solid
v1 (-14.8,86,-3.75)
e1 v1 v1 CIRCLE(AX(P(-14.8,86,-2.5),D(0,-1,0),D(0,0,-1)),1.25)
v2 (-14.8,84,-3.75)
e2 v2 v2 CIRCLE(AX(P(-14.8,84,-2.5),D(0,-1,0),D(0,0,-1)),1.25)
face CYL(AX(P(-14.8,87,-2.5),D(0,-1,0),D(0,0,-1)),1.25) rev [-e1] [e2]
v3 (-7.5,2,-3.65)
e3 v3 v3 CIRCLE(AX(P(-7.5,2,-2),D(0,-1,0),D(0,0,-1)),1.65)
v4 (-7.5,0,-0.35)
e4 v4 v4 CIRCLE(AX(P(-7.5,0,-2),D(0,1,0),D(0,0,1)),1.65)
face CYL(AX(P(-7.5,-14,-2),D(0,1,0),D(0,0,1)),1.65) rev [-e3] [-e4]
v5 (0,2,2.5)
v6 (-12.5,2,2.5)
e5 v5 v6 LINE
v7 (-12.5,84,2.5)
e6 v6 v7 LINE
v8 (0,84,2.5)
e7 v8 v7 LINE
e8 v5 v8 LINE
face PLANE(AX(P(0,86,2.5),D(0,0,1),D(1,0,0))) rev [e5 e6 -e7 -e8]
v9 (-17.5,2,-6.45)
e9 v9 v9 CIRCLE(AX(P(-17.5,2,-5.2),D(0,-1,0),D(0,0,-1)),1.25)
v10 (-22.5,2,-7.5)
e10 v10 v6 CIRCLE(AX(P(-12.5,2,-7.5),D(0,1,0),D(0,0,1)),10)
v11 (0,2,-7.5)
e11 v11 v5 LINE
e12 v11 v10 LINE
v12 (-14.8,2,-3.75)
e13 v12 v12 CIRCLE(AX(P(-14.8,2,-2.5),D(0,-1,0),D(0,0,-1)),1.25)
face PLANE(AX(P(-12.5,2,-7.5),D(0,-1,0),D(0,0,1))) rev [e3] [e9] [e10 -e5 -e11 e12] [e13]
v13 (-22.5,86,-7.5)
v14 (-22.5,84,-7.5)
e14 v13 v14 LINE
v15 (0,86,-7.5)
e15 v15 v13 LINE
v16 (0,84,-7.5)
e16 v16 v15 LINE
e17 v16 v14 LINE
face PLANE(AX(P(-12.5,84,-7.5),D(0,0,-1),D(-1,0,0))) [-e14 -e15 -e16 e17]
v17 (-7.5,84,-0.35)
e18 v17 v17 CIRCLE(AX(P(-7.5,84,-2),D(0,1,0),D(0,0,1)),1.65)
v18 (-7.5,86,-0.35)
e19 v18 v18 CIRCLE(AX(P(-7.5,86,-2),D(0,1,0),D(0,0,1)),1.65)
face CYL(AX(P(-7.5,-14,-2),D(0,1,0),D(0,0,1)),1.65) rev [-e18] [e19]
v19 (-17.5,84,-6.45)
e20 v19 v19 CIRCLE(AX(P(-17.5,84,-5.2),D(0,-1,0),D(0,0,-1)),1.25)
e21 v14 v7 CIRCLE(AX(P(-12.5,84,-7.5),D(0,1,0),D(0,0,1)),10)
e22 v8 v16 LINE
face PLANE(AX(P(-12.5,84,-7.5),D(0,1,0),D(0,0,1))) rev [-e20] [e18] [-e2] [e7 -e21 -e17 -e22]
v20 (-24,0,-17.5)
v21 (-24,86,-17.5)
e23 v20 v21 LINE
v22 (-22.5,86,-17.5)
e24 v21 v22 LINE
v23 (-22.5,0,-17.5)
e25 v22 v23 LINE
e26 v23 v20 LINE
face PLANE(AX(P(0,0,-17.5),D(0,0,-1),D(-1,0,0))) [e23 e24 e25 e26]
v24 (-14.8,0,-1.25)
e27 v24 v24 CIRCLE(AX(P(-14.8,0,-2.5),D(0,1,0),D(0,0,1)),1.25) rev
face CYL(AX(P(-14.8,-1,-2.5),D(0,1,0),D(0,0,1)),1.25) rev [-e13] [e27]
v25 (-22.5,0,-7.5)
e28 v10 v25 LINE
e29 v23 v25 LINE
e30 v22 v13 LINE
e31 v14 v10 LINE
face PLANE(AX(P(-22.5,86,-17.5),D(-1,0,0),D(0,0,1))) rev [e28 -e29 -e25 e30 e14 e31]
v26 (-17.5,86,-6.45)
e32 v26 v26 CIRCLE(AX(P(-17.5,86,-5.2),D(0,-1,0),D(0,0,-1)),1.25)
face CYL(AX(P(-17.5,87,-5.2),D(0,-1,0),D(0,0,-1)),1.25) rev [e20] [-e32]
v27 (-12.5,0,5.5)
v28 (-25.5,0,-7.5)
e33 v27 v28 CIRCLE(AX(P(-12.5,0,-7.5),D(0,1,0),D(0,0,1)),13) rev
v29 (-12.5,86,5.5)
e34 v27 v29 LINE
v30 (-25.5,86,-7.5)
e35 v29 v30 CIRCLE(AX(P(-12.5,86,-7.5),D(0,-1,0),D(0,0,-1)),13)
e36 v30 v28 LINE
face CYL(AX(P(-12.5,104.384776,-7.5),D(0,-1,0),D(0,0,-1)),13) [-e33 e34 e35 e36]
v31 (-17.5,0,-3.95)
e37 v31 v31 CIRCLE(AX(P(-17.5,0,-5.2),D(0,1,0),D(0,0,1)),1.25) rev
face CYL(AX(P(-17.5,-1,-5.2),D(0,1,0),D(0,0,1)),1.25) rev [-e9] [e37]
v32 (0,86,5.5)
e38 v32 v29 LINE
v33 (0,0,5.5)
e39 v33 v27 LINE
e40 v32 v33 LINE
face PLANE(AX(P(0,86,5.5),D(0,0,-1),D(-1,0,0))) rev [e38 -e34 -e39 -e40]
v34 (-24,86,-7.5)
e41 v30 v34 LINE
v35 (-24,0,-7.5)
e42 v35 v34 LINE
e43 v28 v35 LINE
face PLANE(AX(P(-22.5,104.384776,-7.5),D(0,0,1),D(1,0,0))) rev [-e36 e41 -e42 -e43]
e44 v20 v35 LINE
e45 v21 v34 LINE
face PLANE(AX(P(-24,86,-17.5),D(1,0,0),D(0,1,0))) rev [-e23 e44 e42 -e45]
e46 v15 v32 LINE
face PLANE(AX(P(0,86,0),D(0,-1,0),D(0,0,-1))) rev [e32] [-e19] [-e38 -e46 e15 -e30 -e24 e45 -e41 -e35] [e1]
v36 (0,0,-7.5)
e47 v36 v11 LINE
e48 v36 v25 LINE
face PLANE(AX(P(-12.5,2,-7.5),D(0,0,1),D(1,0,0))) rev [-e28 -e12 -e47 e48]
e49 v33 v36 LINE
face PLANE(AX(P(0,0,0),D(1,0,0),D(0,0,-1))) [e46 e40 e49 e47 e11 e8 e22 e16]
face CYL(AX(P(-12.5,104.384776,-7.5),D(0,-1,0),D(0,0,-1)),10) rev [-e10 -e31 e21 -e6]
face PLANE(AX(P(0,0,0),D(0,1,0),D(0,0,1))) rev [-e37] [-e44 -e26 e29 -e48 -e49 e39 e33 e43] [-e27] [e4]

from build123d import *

# Parameters (mm, degrees)
SKETCH_1_W                  = 30
SKETCH_1_H                  = 11
EXTRUDE_1_DEPTH             = 6
SKETCH_2_W                  = 16
SKETCH_2_H                  = 2
CUT_EXTRUDE_1_DEPTH         = 144
EXTRUDE_2_DEPTH             = 80
SKETCH_4_R                  = 1.75
CUT_EXTRUDE_2_DEPTH         = 144
SKETCH_5_W                  = 11
SKETCH_5_H                  = 86
CUT_EXTRUDE_3_DEPTH         = 2.5
EXTRUDE_3_REACH             = 83.58
EXTRUDE_3_DIRECTION_2_REACH = 83.58
SKETCH_7_W                  = 1.5
SKETCH_7_H                  = 86
EXTRUDE_4_DEPTH             = 10
CUT_EXTRUDE_4_DEPTH         = 40
EXTRUDE_5_DEPTH             = 2
SKETCH_10_R                 = 1.25
CUT_EXTRUDE_5_DEPTH         = 3
SKETCH_11_W                 = 3
SKETCH_11_H                 = 86
EXTRUDE_6_DEPTH             = 12.5
SKETCH_12_W                 = 10
SKETCH_12_H                 = 2
EXTRUDE_7_DEPTH             = 12.5
SKETCH_13_R                 = 1.65
CUT_EXTRUDE_6_DEPTH         = 100


with BuildPart() as part:
    # 草图1 → 凸台-拉伸1 (new body)
    with BuildSketch(Plane(origin=(0, 0, 0), x_dir=(1, 0, 0), z_dir=(0, 1, 0))):
        Rectangle(SKETCH_1_W, SKETCH_1_H)
    extrude(amount=EXTRUDE_1_DEPTH)

    # 草图2 → 切除-拉伸1 (cut)
    with BuildSketch(Plane.ZY.offset(15)):
        with Locations((-5.5, 3)):
            Rectangle(SKETCH_2_W, SKETCH_2_H)
    extrude(amount=-CUT_EXTRUDE_1_DEPTH, mode=Mode.SUBTRACT)

    # 草图3 → 凸台-拉伸2 (add)
    with BuildSketch(Plane(origin=(0, 6, 0), x_dir=(1, 0, 0), z_dir=(0, 1, 0))):
        Polygon((2, 5.5), (-2, 5.5), (-2, -3.5), (-15, -3.5), (-15, -5.5), (15, -5.5), (15, -3.5), (2, -3.5), align=None)
    extrude(amount=EXTRUDE_2_DEPTH)

    # 草图4 → 切除-拉伸2 (cut)
    with BuildSketch(Plane(origin=(0, 6, 0), x_dir=(1, 0, 0), z_dir=(0, 1, 0))):
        with Locations(Location((-7.5, 2, 0), (0, 0, 270))):
            Circle(SKETCH_4_R)
        with Locations(Location((7.5, 2, 0), (0, 0, 270))):
            Circle(SKETCH_4_R)
    extrude(amount=-CUT_EXTRUDE_2_DEPTH, mode=Mode.SUBTRACT)

    # 草图5 → 切除-拉伸3 (cut)
    with BuildSketch(Plane.ZY.offset(15)):
        with Locations((0, 43)):
            Rectangle(SKETCH_5_W, SKETCH_5_H)
    extrude(amount=-CUT_EXTRUDE_3_DEPTH, mode=Mode.SUBTRACT)

    # 凸台-拉伸3: up to this face of the body (flat: up to its plane)
    extrude_3_end = Plane(part.part.faces().sort_by_distance((0.755494505, 86, 2.324175824))[0])
    # 草图6 → 凸台-拉伸3 (add, up to the picked face)
    with BuildSketch(Plane(origin=(0, 6, 0), x_dir=(1, 0, 0), z_dir=(0, 1, 0)), mode=Mode.PRIVATE) as extrude_3_sk1:
        with BuildLine():
            Line((-22.5, 7.5), (-25.5, 7.5))
            ThreePointArc((-25.5, 7.5), (-21.692388155, -1.692388155), (-12.5, -5.5))
            Line((-12.5, -5.5), (-12.5, -2.5))
            ThreePointArc((-12.5, -2.5), (-19.571067812, 0.428932188), (-22.5, 7.5))
        make_face()
    extrude_3_tool1 = split(extrude(extrude_3_sk1.sketch, amount=EXTRUDE_3_REACH, mode=Mode.PRIVATE), bisect_by=extrude_3_end, keep=Keep.BOTH, mode=Mode.PRIVATE)
    add(extrude_3_tool1.solids().sort_by(Axis((-19.862646, 6, -0.137354), (0, 1, 0)))[0])

    # 凸台-拉伸3 direction 2: up to this face of the body (flat: up to its plane)
    extrude_3_direction_2_end = Plane(part.part.faces().sort_by_distance((1.334914955, 0, 0.135863928))[0])
    # 草图6 → 凸台-拉伸3 direction 2 (add, up to the picked face)
    with BuildSketch(Plane(origin=(0, 6, 0), x_dir=(1, 0, 0), z_dir=(0, 1, 0)), mode=Mode.PRIVATE) as extrude_3_direction_2_sk1:
        with BuildLine():
            Line((-22.5, 7.5), (-25.5, 7.5))
            ThreePointArc((-25.5, 7.5), (-21.692388155, -1.692388155), (-12.5, -5.5))
            Line((-12.5, -5.5), (-12.5, -2.5))
            ThreePointArc((-12.5, -2.5), (-19.571067812, 0.428932188), (-22.5, 7.5))
        make_face()
    extrude_3_direction_2_tool1 = split(extrude(extrude_3_direction_2_sk1.sketch, amount=-EXTRUDE_3_DIRECTION_2_REACH, mode=Mode.PRIVATE), bisect_by=extrude_3_direction_2_end, keep=Keep.BOTH, mode=Mode.PRIVATE)
    add(extrude_3_direction_2_tool1.solids().sort_by(Axis((-19.862646, 6, -0.137354), (0, -1, 0)))[0])

    # 草图7 → 凸台-拉伸4 (add)
    with BuildSketch(Plane(origin=(0, 0, -7.5), x_dir=(-1, 0, 0), z_dir=(0, 0, -1))):
        with Locations((23.25, 43)):
            Rectangle(SKETCH_7_W, SKETCH_7_H)
    extrude(amount=EXTRUDE_4_DEPTH)

    # 草图8 → 切除-拉伸4 (cut)
    with BuildSketch(Plane(origin=(-12.5, 0, 0), x_dir=(0, 0, -1), z_dir=(1, 0, 0))):
        Polygon((26.892505746, 86), (-2.5, 86), (-2.5, 6), (-2.5, -9.514717226), (26.892505746, -9.514717226), align=None)
        Polygon((-3.5, 6), (-3.5, 86), (-26.700940199, 86), (-26.700940199, -9.514717226), (-2.5, -9.514717226), (-2.5, 6), align=None)
    extrude(amount=CUT_EXTRUDE_4_DEPTH, mode=Mode.SUBTRACT)


with BuildPart() as cut_extrude_4_kept_piece:
    # of the separate pieces the step leaves, the one the design keeps (cut_extrude_4_pieces_kept)
    add(part.part.solids().sort_by_distance((-22.5, 0, -7.5))[0])

    # 草图9 → 凸台-拉伸5 (add)
    with BuildSketch(Plane(origin=(0, 86, 0), x_dir=(1, 0, 0), z_dir=(0, 1, 0))):
        with BuildLine():
            Line((-12.5, -2.5), (-12.5, 7.5))
            Line((-12.5, 7.5), (-22.5, 7.5))
            ThreePointArc((-22.5, 7.5), (-19.571067812, 0.428932188), (-12.5, -2.5))
        make_face()
    extrude_5 = extrude(amount=-EXTRUDE_5_DEPTH)

    # 草图10 → 切除-拉伸5 (cut)
    with BuildSketch(Plane(origin=(0, 84, 0), x_dir=(-1, 0, 0), z_dir=(0, -1, 0))):
        with Locations(Location((14.8, 2.5, 0), (0, 0, 90))):
            Circle(SKETCH_10_R)
        with Locations(Location((17.5, 5.2, 0), (0, 0, 90))):
            Circle(SKETCH_10_R)
    cut_extrude_5 = extrude(amount=-CUT_EXTRUDE_5_DEPTH, mode=Mode.SUBTRACT)

    # 镜向2: 凸台-拉伸5, 切除-拉伸5 across plane
    add(extrude_5.mirror(Plane(origin=(0, 43, 0), x_dir=(0, 0, 1), z_dir=(0, -1, 0))))
    add(cut_extrude_5.mirror(Plane(origin=(0, 43, 0), x_dir=(0, 0, 1), z_dir=(0, -1, 0))), mode=Mode.SUBTRACT)

    # 草图11 → 凸台-拉伸6 (add)
    with BuildSketch(Plane(origin=(-12.5, 0, 0), x_dir=(0, 0, -1), z_dir=(1, 0, 0))):
        with Locations((-4, 43)):
            Rectangle(SKETCH_11_W, SKETCH_11_H)
    extrude(amount=EXTRUDE_6_DEPTH)

    # 草图12 → 凸台-拉伸7 (add)
    with BuildSketch(Plane(origin=(-12.5, 0, 0), x_dir=(0, 0, -1), z_dir=(1, 0, 0))):
        with Locations((2.5, 1)):
            Rectangle(SKETCH_12_W, SKETCH_12_H)
        with Locations((2.5, 85)):
            Rectangle(SKETCH_12_W, SKETCH_12_H)
    extrude(amount=EXTRUDE_7_DEPTH)

    # 草图13 → 切除-拉伸6 (cut)
    with BuildSketch(Plane(origin=(0, 86, 0), x_dir=(1, 0, 0), z_dir=(0, 1, 0))):
        with Locations(Location((-7.5, 2, 0), (0, 0, 270))):
            Circle(SKETCH_13_R)
    extrude(amount=-CUT_EXTRUDE_6_DEPTH, mode=Mode.SUBTRACT)


solid = cut_extrude_4_kept_piece.part
